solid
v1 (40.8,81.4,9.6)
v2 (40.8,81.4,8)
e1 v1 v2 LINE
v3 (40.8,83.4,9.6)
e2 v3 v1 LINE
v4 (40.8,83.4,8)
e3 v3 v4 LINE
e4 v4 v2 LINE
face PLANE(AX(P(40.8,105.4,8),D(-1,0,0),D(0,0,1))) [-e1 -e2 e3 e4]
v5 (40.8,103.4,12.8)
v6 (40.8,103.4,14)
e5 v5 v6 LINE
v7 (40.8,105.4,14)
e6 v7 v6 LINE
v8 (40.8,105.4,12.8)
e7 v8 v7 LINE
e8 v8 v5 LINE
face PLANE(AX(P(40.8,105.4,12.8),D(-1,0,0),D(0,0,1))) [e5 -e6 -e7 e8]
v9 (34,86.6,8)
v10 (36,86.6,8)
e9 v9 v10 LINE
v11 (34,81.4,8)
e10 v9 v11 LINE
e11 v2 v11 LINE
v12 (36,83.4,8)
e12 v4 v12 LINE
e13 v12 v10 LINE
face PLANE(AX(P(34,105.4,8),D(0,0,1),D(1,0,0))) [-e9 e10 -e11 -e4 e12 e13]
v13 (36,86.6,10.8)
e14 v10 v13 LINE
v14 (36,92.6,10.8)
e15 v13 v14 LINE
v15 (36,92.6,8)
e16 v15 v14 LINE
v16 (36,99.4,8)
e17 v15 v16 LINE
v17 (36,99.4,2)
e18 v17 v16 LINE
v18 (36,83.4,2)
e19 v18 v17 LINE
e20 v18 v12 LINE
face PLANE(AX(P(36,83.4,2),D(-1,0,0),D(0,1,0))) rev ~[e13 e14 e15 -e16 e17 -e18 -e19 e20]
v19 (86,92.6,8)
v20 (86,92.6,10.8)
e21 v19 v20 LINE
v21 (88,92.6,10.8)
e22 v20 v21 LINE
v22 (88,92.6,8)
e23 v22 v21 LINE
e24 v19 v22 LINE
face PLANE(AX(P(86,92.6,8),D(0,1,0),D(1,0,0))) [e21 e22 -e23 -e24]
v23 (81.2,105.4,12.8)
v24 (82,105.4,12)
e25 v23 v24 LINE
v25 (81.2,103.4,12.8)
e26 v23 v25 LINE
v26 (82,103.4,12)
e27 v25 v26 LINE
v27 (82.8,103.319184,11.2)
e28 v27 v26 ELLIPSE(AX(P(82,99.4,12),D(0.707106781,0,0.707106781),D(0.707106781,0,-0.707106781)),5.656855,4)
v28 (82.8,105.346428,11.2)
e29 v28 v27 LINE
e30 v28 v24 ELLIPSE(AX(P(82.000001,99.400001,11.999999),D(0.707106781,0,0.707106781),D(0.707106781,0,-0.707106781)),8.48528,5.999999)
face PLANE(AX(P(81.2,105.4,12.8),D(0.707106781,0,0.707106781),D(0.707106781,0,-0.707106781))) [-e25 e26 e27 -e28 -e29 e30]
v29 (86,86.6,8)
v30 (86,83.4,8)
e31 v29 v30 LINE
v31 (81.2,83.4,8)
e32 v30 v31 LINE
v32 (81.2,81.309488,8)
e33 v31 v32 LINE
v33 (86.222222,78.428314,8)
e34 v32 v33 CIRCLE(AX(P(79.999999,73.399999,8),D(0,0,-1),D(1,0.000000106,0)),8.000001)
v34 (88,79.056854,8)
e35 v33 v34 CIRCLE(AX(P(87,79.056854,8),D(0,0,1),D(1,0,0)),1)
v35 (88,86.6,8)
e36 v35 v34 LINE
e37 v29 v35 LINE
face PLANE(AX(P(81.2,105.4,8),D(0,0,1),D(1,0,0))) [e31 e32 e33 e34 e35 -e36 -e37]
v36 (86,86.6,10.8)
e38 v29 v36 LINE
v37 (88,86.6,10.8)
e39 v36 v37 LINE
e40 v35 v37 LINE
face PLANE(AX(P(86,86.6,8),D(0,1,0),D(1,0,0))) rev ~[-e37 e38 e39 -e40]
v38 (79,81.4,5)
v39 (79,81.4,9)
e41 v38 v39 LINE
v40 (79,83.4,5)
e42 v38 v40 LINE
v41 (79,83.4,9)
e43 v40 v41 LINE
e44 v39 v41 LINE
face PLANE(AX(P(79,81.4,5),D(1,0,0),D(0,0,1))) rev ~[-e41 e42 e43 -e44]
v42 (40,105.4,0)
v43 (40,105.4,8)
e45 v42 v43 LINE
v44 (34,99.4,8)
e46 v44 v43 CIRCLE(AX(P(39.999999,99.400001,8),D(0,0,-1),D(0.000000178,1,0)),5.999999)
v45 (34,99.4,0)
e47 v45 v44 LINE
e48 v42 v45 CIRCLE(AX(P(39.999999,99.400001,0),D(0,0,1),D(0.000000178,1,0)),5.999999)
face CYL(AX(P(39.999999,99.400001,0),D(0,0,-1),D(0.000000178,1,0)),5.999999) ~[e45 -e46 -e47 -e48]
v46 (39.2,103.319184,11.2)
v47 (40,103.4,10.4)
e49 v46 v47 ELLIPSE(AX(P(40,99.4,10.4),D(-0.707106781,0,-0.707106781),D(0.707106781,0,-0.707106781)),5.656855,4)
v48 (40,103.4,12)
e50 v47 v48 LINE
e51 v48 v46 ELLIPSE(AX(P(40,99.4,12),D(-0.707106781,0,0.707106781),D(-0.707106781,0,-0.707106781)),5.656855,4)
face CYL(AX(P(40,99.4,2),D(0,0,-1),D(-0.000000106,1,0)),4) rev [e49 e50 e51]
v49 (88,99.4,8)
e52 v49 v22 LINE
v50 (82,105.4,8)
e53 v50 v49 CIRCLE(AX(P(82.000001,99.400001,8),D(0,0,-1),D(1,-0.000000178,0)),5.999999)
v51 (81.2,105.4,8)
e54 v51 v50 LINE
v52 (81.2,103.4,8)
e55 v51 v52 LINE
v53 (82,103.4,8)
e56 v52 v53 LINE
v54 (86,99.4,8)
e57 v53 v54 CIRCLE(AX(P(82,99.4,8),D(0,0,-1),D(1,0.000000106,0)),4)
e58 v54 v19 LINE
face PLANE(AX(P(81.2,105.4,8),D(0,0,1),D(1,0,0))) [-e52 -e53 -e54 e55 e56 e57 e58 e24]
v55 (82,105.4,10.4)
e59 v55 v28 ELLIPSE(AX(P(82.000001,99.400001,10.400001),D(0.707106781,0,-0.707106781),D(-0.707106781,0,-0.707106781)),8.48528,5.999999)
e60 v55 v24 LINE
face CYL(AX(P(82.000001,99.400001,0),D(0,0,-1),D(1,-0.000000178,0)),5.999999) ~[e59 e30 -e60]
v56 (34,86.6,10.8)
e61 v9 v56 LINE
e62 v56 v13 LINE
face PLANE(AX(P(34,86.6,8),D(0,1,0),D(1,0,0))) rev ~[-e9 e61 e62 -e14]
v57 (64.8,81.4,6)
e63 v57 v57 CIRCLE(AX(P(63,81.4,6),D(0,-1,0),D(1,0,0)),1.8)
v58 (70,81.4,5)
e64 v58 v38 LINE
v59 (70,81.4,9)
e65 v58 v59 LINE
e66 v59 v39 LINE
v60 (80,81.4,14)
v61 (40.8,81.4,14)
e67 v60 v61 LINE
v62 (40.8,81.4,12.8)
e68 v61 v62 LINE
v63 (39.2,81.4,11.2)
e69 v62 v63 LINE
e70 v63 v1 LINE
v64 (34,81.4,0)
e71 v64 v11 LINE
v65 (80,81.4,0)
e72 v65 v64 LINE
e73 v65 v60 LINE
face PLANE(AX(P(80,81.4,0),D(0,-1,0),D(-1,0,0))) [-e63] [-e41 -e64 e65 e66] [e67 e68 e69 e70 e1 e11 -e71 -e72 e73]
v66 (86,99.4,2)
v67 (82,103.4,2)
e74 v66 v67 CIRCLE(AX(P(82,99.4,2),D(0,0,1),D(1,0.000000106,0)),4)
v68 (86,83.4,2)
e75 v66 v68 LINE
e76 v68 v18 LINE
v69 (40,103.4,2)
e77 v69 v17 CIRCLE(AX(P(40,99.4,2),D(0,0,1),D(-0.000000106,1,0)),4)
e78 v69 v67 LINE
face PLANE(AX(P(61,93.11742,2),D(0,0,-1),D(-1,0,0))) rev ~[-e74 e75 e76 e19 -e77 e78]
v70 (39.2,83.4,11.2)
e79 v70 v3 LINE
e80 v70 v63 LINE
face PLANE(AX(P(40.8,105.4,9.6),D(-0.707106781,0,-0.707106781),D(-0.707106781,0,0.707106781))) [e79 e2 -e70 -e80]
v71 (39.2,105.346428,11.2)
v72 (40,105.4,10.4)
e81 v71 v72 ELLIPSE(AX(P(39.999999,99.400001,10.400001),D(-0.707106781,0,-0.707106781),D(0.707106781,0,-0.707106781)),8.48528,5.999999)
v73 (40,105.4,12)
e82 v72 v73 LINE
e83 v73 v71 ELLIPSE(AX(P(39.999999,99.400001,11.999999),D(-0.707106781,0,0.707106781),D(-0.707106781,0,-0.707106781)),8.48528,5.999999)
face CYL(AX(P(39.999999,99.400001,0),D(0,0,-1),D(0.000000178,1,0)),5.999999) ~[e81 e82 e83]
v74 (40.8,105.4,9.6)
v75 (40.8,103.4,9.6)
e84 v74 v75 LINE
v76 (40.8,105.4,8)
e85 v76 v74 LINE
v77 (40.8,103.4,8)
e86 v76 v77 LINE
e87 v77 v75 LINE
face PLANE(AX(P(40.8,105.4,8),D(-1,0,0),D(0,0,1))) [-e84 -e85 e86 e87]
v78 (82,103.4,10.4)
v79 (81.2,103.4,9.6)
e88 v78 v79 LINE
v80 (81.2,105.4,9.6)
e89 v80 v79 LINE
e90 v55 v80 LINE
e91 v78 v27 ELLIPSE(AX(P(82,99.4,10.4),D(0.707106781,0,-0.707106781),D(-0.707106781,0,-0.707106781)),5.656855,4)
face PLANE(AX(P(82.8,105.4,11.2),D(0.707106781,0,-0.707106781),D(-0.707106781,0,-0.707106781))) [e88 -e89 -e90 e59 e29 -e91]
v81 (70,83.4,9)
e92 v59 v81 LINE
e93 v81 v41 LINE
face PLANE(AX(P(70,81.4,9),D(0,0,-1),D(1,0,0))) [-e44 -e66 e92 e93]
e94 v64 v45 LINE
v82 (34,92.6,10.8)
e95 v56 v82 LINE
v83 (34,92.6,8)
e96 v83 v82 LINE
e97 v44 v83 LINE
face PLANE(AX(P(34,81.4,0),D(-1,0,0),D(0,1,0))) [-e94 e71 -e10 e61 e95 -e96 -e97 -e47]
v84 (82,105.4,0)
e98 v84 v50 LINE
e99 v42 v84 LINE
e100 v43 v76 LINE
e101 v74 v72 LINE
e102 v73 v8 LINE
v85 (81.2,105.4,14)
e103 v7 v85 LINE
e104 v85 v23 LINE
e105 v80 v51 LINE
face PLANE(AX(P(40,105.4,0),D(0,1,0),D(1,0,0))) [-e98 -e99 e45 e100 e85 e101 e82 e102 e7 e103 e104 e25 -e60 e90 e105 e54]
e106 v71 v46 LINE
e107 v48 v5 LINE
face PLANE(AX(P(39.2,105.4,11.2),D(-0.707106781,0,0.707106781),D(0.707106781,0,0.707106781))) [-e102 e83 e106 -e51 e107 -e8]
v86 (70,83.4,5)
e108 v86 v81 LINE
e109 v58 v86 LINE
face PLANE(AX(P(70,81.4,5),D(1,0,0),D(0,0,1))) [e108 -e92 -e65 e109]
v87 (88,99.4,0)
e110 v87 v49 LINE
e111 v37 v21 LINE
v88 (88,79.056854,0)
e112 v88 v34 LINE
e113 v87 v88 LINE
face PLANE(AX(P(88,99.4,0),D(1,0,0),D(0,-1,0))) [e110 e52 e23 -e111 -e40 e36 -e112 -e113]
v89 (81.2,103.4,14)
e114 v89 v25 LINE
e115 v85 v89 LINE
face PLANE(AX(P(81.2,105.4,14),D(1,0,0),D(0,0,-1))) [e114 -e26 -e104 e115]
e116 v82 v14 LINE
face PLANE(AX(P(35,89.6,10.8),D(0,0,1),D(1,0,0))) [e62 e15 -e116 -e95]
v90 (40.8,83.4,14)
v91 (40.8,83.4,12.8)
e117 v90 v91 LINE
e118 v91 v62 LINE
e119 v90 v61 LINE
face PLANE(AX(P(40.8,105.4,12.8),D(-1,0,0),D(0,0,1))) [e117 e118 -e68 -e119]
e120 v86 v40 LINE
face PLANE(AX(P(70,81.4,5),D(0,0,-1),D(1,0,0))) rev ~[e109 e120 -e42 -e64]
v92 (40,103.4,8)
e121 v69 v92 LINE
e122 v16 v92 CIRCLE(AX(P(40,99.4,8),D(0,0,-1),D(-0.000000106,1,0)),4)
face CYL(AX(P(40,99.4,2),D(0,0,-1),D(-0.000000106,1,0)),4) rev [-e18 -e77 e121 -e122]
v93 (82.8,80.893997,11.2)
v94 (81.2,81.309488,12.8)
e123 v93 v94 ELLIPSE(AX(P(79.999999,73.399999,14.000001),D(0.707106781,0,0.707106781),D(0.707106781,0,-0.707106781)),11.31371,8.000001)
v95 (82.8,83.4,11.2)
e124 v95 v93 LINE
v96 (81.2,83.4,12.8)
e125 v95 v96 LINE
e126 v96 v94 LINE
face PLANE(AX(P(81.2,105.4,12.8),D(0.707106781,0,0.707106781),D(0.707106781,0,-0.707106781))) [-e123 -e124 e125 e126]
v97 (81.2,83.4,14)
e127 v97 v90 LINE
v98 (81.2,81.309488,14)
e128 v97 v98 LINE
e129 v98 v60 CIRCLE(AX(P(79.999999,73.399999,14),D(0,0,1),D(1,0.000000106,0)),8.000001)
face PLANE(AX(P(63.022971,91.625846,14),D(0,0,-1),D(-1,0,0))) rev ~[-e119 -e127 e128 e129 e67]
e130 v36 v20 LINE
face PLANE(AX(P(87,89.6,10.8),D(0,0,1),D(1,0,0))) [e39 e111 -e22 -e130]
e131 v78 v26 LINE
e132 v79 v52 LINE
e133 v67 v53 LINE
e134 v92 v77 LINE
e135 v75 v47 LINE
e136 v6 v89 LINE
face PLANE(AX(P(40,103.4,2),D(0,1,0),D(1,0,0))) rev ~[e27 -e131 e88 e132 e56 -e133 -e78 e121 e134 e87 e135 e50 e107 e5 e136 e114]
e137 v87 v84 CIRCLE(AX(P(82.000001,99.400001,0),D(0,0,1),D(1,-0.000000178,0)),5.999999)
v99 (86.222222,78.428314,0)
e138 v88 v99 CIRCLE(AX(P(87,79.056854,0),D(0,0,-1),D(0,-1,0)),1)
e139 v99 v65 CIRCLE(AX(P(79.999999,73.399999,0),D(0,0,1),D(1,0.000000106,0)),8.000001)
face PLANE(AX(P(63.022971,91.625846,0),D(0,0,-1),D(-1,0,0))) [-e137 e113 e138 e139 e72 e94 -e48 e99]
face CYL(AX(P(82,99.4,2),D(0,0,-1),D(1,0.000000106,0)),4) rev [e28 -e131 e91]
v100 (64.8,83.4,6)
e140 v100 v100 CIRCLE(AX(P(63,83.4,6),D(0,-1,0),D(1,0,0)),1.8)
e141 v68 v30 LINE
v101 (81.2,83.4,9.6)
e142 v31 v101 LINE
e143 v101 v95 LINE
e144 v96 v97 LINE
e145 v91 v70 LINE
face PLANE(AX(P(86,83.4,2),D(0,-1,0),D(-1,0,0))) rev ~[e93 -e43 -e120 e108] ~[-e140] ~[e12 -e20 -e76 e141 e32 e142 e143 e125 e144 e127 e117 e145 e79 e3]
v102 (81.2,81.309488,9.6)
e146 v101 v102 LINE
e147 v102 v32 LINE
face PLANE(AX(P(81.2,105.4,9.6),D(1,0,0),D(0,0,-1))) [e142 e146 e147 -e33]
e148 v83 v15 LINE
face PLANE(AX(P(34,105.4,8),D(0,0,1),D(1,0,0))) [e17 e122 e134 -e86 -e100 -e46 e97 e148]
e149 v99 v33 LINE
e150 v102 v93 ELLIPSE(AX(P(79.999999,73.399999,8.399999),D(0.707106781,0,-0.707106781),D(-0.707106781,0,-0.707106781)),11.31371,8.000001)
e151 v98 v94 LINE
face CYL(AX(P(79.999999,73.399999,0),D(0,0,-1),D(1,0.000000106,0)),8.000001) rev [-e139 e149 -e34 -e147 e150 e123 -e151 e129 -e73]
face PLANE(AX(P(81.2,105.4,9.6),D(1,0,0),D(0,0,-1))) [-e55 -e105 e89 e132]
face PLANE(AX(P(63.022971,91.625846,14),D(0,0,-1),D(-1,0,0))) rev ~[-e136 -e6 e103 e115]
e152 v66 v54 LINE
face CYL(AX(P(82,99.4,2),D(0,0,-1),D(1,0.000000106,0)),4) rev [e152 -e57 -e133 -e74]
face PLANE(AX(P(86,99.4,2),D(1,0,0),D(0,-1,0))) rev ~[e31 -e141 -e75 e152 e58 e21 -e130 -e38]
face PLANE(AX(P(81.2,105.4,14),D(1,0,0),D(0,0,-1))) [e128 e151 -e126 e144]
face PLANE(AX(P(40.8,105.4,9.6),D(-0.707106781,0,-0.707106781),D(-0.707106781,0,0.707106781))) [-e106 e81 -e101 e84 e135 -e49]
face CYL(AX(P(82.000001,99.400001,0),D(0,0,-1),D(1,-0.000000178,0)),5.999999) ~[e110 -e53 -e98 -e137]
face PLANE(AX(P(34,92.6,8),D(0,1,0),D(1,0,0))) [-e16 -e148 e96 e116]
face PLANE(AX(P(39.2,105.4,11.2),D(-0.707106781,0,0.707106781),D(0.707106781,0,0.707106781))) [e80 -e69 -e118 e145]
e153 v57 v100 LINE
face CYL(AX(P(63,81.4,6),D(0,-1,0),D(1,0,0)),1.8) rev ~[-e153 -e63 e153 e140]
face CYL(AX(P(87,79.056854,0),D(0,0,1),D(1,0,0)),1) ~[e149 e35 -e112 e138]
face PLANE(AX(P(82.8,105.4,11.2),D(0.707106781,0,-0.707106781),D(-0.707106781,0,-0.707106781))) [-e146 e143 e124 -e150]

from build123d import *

# Parameters (mm, degrees)
PAD018_DEPTH    = 14
POCKET026_DEPTH = 12
FILLET004_R     = 1
POCKET029_DEPTH = 27.344146
SKETCH088_R     = 1.8
SKETCH088_W     = 9
SKETCH088_H     = 4
POCKET030_DEPTH = 2
SKETCH090_W     = 2
SKETCH090_H     = 6
PAD020_DEPTH    = 2.8


with BuildPart() as part:
    # Sketch079 → Pad018 (new body)
    with BuildSketch(Plane.XY):
        with BuildLine():
            Line((40, 105.4), (82, 105.4))
            ThreePointArc((88, 99.4), (86.242641, 103.642641), (82, 105.4))
            Line((88, 99.4), (88, 73.4))
            ThreePointArc((88, 73.4), (85.656854, 79.056854), (80, 81.4))
            Line((80, 81.4), (34, 81.4))
            Line((34, 81.4), (34, 99.4))
            ThreePointArc((40, 105.4), (35.757359, 103.642641), (34, 99.4))
        make_face()
    extrude(amount=PAD018_DEPTH)

    # Sketch076 → Pocket026 (cut)
    with BuildSketch(Plane.XY.offset(2)):
        with BuildLine():
            Line((40, 103.4), (82, 103.4))
            ThreePointArc((86, 99.4), (84.828427, 102.228427), (82, 103.4))
            Line((86, 99.4), (86, 83.4))
            Line((86, 83.4), (36, 83.4))
            Line((36, 83.4), (36, 99.4))
            ThreePointArc((40, 103.4), (37.171573, 102.228427), (36, 99.4))
        make_face()
    extrude(amount=POCKET026_DEPTH, mode=Mode.SUBTRACT)

    # Fillet004
    fillet004_edges = [part.edges().sort_by_distance(p)[0] for p in [
        (88, 73.4, 7),
    ]]
    fillet(fillet004_edges, radius=FILLET004_R)

    # Sketch087 (on DatumPlane) → Pocket029 (cut, through all)
    with BuildSketch(Plane(origin=(0, 105.4, 0), x_dir=(-1, 0, 0), z_dir=(0, 1, 0))):
        Polygon((-88, 14), (-81.2, 14), (-81.2, 12.8), (-82.8, 11.2), (-81.2, 9.6), (-81.2, 8), (-88, 8), align=None)
        Polygon((-40.8, 14), (-34, 14), (-34, 8), (-40.8, 8), (-40.8, 9.6), (-39.2, 11.2), (-40.8, 12.8), align=None)
    extrude(amount=-POCKET029_DEPTH, mode=Mode.SUBTRACT)

    # Sketch088 (on DatumPlane) → Pocket030 (cut)
    with BuildSketch(Plane.XZ.offset(-81.4)):
        with Locations((63, 6)):
            Circle(SKETCH088_R)
        with Locations((74.5, 7)):
            Rectangle(SKETCH088_W, SKETCH088_H)
    extrude(amount=-POCKET030_DEPTH, mode=Mode.SUBTRACT)

    # Sketch090 (on DatumPlane) → Pad020 (join)
    with BuildSketch(Plane.XY.offset(8)):
        with Locations((35, 89.6)):
            Rectangle(SKETCH090_W, SKETCH090_H)
        with Locations((87, 89.6)):
            Rectangle(SKETCH090_W, SKETCH090_H)
    extrude(amount=PAD020_DEPTH)


solid = part.part
